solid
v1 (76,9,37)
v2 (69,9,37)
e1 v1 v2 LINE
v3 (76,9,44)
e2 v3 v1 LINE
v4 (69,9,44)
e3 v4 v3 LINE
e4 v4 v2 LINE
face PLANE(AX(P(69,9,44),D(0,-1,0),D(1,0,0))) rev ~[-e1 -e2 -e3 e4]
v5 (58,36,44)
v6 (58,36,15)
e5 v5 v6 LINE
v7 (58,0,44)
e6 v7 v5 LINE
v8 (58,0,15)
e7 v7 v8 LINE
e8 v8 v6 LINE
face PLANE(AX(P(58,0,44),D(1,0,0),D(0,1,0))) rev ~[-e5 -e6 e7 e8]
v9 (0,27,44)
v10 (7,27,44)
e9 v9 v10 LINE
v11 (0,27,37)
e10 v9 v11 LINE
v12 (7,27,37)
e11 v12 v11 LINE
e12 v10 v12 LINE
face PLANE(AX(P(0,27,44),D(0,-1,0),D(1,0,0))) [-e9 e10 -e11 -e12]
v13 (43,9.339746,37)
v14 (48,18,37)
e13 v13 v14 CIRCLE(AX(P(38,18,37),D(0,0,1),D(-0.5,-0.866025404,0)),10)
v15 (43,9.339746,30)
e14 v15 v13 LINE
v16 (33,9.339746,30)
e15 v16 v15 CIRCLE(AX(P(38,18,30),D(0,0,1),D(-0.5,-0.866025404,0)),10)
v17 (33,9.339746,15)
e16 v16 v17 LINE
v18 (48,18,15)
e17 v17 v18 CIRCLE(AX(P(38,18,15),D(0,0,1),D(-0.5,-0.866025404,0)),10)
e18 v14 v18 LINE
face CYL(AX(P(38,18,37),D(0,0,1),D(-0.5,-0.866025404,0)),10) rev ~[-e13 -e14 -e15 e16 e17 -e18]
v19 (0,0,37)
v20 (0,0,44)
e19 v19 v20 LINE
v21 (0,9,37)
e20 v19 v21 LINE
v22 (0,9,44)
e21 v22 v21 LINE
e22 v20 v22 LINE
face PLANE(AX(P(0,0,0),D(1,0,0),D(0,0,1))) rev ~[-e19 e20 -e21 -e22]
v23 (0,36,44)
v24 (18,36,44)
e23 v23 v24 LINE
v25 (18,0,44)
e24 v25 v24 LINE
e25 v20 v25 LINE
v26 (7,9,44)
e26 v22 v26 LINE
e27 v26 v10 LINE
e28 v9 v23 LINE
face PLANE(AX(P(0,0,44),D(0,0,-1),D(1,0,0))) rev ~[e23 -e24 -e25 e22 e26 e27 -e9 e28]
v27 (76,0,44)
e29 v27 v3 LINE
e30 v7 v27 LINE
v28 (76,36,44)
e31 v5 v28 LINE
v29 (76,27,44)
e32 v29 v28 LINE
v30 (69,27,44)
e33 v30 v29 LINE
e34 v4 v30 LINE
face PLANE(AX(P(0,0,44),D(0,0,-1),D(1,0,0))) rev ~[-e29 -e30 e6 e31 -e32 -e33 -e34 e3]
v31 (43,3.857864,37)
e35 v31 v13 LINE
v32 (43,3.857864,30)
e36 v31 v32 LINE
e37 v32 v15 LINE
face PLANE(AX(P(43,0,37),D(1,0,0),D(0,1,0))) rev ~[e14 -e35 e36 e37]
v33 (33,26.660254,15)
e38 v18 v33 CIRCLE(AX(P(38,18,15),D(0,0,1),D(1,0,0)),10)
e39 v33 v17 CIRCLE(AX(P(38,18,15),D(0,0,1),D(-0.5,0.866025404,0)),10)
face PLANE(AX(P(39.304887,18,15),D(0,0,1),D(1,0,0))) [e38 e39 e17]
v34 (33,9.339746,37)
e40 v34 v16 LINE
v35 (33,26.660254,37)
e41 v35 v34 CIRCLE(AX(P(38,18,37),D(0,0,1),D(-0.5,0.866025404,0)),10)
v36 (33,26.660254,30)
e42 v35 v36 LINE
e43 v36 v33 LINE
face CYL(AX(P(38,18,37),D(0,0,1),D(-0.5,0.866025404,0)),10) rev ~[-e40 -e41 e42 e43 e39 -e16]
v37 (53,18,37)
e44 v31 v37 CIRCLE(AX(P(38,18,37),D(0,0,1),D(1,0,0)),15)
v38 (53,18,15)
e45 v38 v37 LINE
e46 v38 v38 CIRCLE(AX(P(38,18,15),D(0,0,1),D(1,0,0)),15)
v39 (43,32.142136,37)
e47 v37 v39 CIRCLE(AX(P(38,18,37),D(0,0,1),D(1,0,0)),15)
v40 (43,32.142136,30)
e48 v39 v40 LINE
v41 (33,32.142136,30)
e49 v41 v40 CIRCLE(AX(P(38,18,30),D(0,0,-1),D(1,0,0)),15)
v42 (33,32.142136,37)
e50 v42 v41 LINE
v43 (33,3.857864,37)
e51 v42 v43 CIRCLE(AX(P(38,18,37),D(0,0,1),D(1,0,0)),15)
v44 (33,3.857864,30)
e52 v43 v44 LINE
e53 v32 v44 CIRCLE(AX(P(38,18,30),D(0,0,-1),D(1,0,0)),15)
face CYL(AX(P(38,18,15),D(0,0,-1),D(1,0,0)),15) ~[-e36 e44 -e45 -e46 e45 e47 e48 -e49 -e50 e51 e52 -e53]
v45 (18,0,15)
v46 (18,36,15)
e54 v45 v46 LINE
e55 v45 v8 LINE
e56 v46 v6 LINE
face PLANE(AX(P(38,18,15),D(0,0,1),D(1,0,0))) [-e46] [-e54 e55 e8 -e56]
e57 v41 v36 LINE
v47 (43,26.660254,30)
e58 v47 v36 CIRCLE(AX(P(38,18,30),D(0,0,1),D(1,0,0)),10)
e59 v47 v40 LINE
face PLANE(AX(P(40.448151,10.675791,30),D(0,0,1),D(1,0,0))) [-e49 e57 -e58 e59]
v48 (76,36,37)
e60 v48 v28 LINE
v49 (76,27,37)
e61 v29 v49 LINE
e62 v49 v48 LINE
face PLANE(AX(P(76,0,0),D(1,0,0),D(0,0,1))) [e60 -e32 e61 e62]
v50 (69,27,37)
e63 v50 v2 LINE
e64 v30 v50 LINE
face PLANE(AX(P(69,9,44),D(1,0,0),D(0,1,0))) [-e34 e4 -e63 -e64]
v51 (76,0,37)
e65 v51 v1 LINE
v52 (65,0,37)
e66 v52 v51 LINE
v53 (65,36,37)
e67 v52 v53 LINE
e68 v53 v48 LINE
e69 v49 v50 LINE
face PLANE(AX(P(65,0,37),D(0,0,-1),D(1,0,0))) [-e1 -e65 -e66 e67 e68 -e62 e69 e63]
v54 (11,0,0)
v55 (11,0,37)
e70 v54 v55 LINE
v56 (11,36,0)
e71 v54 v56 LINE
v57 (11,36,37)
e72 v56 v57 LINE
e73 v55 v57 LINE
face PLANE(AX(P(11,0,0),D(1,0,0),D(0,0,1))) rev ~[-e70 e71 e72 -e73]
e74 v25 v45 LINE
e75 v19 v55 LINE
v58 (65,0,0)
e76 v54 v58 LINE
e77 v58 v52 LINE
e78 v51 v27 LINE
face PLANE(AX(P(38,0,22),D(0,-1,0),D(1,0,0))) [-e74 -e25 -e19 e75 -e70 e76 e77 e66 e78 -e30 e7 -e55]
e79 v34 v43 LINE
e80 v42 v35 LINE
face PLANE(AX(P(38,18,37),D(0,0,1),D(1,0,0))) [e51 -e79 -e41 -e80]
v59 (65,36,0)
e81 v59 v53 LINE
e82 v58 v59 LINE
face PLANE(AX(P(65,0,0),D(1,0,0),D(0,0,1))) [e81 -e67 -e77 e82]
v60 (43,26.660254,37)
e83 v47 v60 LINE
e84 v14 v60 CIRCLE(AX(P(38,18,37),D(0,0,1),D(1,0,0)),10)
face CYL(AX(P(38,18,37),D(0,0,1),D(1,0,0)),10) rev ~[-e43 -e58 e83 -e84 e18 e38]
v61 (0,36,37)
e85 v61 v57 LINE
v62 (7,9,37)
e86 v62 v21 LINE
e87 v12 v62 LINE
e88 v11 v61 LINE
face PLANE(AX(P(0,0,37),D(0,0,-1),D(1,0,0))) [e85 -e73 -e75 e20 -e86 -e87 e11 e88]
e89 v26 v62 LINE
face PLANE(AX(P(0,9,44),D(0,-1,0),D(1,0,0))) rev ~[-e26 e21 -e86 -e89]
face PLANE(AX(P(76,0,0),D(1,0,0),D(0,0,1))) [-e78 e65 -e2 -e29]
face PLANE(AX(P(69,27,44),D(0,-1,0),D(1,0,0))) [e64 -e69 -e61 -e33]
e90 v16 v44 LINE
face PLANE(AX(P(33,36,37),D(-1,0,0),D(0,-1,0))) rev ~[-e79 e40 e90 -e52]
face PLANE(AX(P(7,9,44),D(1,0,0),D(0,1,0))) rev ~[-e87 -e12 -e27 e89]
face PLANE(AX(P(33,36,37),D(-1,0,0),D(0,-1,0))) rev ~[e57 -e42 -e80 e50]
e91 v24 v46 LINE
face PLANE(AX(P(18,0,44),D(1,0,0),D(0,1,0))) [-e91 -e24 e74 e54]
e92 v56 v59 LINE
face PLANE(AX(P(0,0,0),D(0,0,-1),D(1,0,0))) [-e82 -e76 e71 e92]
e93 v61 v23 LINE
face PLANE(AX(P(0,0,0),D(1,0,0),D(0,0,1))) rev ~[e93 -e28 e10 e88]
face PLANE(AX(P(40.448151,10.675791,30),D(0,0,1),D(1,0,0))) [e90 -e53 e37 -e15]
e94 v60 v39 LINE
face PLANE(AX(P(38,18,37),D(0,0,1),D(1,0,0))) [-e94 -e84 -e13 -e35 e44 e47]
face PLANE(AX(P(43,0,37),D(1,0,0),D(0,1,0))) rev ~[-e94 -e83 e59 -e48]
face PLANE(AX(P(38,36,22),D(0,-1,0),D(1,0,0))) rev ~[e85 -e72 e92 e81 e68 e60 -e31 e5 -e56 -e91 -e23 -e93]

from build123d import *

# Parameters (mm, degrees)
F0_W      = 76
F0_H      = 44
F1_DEPTH  = 36
F2_W      = 11
F2_H      = 37
F3_DEPTH  = 36
F4_W      = 7
F4_H      = 18
F4_W_2    = 40
F4_H_2    = 36
F5_DEPTH  = 29
F6_R      = 15
F7_DEPTH  = 22
F9_DEPTH  = 7
F11_DEPTH = 22


with BuildPart() as f1:
    # F0 (on Front) → F1 (new body)
    with BuildSketch(Plane.XZ):
        with Locations((38, 22)):
            Rectangle(F0_W, F0_H)
    extrude(amount=-F1_DEPTH)

    # F2 (on face) → F3 (cut)
    with BuildSketch(Plane.XZ):
        with Locations((5.5, 18.5)):
            Rectangle(F2_W, F2_H)
        with Locations((70.5, 18.5)):
            Rectangle(F2_W, F2_H)
    extrude(amount=-F3_DEPTH, mode=Mode.SUBTRACT)

    # F4 (on face) → F5 (cut)
    with BuildSketch(Plane.XY.offset(44)):
        with Locations((72.5, 18)):
            Rectangle(F4_W, F4_H)
        with Locations((38, 18)):
            Rectangle(F4_W_2, F4_H_2)
        with Locations((3.5, 18)):
            Rectangle(F4_W, F4_H)
    extrude(amount=-F5_DEPTH, mode=Mode.SUBTRACT)

    # F6 (on face) → F7 (join)
    with BuildSketch(Plane.XY.offset(15)):
        with Locations((38, 18)):
            Circle(F6_R)
    extrude(amount=F7_DEPTH)

    # F8 (on face) → F9 (cut)
    with BuildSketch(Plane.XY.offset(37)):
        with BuildLine():
            Line((43, 18), (38, 18))
            Line((38, 18), (38, 3))
            ThreePointArc((38, 3), (40.5365296809, 3.2160216052), (43, 3.8578643763))
            Line((43, 3.8578643763), (43, 18))
        make_face()
        with BuildLine():
            Line((38, 3), (38, 18))
            Line((38, 18), (43, 18))
            Line((43, 18), (43, 32.1421356237))
            ThreePointArc((43, 32.1421356237), (38, 33), (33, 32.1421356237))
            Line((33, 32.1421356237), (33, 3.8578643763))
            ThreePointArc((33, 3.8578643763), (35.4634703191, 3.2160216052), (38, 3))
        make_face()
        with BuildLine():
            ThreePointArc((33, 32.1421356237), (38, 33), (43, 32.1421356237))
            Line((43, 32.1421356237), (43, 36))
            Line((43, 36), (33, 36))
            Line((33, 36), (33, 32.1421356237))
        make_face()
        with BuildLine():
            ThreePointArc((43, 3.8578643763), (40.5365296809, 3.2160216052), (38, 3))
            Line((38, 3), (38, 0))
            Line((38, 0), (43, 0))
            Line((43, 0), (43, 3.8578643763))
        make_face()
        with BuildLine():
            Line((38, 0), (38, 3))
            ThreePointArc((38, 3), (35.4634703191, 3.2160216052), (33, 3.8578643763))
            Line((33, 3.8578643763), (33, 0))
            Line((33, 0), (38, 0))
        make_face()
    extrude(amount=-F9_DEPTH, mode=Mode.SUBTRACT)

    # F10 (on face) → F11 (cut)
    with BuildSketch(Plane.XY.offset(37)):
        with BuildLine():
            ThreePointArc((33, 9.3397459622), (43, 9.3397459622), (48, 18))
            ThreePointArc((48, 18), (43, 26.6602540378), (33, 26.6602540378))
            Line((33, 26.6602540378), (33, 9.3397459622))
        make_face()
        with BuildLine():
            Line((33, 9.3397459622), (33, 26.6602540378))
            ThreePointArc((33, 26.6602540378), (28, 18), (33, 9.3397459622))
        make_face()
    extrude(amount=-F11_DEPTH, mode=Mode.SUBTRACT)


solid = f1.part
